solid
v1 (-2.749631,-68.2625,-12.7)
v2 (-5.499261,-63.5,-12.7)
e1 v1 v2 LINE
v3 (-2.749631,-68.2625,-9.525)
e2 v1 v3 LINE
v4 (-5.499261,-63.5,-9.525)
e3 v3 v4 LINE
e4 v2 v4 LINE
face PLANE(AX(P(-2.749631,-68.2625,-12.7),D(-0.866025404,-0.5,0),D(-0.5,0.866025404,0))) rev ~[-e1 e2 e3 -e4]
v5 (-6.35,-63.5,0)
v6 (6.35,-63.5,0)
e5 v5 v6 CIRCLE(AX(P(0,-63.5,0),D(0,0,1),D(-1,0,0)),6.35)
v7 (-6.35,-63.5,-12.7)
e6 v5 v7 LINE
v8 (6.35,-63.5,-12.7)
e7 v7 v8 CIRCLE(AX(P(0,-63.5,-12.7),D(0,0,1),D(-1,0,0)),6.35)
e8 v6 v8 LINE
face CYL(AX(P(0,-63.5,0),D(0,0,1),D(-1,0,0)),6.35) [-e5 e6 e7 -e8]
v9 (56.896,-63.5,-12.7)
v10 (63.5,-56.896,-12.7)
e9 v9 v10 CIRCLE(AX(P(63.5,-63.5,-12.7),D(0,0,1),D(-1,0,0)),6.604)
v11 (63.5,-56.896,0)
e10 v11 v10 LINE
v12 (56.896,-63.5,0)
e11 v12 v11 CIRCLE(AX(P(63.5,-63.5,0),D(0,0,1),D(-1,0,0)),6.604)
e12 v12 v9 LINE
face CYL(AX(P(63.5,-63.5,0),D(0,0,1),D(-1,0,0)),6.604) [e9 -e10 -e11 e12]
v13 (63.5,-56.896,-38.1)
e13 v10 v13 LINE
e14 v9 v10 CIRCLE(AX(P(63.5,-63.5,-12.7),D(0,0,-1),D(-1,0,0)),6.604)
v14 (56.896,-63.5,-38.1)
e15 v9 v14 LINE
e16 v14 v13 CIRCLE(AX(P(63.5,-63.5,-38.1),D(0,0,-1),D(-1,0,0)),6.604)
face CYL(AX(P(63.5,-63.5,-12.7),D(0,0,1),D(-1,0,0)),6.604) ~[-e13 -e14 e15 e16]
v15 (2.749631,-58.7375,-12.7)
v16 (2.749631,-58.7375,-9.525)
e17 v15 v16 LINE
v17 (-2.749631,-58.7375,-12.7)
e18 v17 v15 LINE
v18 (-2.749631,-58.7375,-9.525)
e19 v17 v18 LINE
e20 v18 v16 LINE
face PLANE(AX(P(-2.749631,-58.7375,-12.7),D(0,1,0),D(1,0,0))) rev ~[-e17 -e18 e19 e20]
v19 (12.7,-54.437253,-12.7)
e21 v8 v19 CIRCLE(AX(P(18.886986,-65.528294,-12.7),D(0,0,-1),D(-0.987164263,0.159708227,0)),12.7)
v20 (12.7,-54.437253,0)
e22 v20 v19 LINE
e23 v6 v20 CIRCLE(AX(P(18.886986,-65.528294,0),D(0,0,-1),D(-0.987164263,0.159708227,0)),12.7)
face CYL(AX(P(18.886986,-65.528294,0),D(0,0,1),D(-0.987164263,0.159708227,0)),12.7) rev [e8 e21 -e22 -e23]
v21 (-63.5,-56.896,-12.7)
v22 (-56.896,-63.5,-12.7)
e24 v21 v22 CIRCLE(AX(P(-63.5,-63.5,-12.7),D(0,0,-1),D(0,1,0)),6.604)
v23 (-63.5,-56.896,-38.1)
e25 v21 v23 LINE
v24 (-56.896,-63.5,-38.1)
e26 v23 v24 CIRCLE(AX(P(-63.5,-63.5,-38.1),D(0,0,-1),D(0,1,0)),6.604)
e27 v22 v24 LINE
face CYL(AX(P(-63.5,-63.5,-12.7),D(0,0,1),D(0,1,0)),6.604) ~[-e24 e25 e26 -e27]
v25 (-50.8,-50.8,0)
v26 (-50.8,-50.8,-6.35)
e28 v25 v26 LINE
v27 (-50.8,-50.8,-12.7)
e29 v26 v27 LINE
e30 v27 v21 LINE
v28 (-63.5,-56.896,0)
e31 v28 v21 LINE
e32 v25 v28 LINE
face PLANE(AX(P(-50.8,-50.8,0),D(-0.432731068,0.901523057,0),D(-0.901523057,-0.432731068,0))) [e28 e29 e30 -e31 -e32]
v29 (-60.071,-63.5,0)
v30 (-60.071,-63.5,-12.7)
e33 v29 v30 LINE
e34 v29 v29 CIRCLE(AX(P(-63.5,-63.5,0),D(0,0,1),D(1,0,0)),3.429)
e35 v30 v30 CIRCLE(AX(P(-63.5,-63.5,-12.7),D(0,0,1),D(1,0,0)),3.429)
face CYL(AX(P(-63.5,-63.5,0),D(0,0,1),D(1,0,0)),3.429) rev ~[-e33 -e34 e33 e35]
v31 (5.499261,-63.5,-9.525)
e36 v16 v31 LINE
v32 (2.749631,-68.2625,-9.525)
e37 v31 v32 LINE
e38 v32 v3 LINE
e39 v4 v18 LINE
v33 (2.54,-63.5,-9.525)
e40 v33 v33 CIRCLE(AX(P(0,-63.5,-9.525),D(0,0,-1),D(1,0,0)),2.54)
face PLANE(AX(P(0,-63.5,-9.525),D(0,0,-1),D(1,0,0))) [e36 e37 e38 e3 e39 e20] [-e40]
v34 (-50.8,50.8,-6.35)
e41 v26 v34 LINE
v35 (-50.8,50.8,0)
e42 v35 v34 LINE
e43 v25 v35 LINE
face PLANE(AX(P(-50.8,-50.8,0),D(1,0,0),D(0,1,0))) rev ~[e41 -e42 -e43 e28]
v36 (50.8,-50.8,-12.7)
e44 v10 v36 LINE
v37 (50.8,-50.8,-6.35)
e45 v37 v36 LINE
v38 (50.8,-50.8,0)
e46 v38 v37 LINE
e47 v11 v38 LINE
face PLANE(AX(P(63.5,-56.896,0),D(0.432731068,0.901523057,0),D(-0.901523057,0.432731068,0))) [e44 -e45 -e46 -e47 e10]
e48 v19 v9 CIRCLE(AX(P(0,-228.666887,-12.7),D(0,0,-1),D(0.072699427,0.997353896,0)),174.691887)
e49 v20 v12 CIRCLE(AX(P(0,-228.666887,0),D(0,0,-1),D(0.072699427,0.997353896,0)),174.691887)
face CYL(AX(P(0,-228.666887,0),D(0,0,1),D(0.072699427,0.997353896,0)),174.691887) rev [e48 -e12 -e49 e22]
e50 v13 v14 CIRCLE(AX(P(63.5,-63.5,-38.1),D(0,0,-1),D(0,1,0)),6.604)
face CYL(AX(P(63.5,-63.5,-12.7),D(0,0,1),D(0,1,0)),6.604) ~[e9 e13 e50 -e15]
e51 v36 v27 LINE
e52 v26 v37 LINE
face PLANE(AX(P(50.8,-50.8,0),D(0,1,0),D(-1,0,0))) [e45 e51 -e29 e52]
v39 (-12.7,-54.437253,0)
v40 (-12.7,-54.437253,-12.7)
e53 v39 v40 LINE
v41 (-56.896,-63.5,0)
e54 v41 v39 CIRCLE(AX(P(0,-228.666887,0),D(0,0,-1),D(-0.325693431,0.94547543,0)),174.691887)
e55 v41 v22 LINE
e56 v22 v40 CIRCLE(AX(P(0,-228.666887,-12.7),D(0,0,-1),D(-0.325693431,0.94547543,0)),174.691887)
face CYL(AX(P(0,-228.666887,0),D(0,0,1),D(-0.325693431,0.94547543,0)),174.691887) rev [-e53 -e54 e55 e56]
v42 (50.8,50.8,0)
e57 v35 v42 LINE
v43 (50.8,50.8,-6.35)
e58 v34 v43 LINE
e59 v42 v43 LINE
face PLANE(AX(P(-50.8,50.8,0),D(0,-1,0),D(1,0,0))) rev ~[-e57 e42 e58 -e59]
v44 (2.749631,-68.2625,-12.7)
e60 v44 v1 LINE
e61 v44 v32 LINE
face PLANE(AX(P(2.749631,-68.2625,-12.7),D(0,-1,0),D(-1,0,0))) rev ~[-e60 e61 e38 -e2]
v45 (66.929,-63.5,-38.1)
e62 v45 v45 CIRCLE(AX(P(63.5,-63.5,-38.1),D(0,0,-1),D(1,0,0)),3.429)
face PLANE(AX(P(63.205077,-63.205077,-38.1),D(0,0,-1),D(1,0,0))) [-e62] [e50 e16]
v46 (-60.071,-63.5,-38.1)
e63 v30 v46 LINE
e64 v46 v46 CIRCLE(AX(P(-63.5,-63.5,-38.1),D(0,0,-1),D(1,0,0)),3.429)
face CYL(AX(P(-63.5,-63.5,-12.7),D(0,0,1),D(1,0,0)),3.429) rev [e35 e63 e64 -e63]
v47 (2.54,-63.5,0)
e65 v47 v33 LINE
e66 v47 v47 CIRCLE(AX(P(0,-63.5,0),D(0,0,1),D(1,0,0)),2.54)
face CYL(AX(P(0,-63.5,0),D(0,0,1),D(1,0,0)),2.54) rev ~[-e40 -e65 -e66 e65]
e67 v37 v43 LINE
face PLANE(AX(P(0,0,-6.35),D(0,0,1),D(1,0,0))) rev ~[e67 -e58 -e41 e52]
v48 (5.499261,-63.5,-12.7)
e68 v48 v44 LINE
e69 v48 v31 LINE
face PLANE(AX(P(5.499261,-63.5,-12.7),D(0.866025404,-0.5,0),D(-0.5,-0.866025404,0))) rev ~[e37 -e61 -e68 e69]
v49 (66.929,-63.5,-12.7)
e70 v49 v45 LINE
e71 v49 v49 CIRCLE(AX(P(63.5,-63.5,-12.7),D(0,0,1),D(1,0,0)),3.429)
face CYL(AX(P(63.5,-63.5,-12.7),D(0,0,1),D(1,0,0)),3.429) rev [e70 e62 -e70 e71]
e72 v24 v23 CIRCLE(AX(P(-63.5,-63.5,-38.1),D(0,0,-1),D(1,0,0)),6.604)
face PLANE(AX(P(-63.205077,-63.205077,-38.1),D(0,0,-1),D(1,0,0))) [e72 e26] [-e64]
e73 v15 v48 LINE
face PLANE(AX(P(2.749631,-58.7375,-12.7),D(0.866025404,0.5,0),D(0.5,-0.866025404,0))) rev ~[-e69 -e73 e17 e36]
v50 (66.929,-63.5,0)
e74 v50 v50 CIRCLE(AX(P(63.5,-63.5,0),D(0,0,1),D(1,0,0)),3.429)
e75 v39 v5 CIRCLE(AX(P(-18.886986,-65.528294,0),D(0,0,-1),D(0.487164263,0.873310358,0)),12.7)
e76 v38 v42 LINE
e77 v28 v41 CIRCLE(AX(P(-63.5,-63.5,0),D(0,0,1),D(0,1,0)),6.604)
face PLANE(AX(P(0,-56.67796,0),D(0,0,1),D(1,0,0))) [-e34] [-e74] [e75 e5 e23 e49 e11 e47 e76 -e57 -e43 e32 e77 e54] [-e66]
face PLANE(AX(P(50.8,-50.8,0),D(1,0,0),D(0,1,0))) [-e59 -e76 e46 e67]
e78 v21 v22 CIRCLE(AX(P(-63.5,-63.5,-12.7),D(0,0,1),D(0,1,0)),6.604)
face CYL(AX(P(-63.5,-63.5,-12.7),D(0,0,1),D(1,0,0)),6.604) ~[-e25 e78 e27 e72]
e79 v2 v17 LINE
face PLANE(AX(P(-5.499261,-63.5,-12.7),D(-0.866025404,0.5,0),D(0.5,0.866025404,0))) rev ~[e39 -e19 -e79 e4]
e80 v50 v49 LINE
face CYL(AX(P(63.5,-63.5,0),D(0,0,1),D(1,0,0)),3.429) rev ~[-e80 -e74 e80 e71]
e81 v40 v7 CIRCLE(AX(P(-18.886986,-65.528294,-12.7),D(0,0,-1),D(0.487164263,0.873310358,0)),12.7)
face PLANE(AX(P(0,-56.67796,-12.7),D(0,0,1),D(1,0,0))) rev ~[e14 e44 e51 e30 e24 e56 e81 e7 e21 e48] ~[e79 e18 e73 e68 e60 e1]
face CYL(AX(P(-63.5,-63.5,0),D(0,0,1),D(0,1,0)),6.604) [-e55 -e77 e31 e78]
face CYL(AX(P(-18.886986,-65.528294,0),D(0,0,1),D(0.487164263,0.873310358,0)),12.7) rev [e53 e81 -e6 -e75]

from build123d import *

# Parameters (mm, degrees)
F0_W     = 101.6
F0_H     = 101.6
F1_DEPTH = 6.35
F2_R     = 3.429
F2_R_2   = 2.54
F3_DEPTH = 12.7
F4_R     = 3.429
F5_DEPTH = 25.4
F6_R     = 2.54
F7_DEPTH = 3.175


with BuildPart() as f1:
    # F0 (on Top) → F1 (new body)
    with BuildSketch(Plane.XY):
        Rectangle(F0_W, F0_H)
    extrude(amount=-F1_DEPTH)

    # F2 (on face) → F3 (join)
    with BuildSketch(Plane.XY):
        with BuildLine():
            Line((-50.8, -50.8), (-63.5, -56.896))
            ThreePointArc((-63.5, -56.896), (-68.169733183, -68.169733183), (-56.896, -63.5))
            ThreePointArc((-56.896, -63.5), (-35.0917960505, -57.5358809514), (-12.7, -54.4372529439))
            ThreePointArc((-12.7, -54.4372529439), (-8.4860183708, -58.2406426383), (-6.35, -63.5))
            ThreePointArc((-6.35, -63.5), (0, -57.15), (6.35, -63.5))
            ThreePointArc((6.35, -63.5), (8.4860183708, -58.2406426383), (12.7, -54.4372529439))
            ThreePointArc((12.7, -54.4372529439), (35.0917960505, -57.5358809514), (56.896, -63.5))
            ThreePointArc((56.896, -63.5), (68.169733183, -68.169733183), (63.5, -56.896))
            Line((63.5, -56.896), (50.8, -50.8))
            Line((50.8, -50.8), (-50.8, -50.8))
        make_face()
        with Locations((-63.5, -63.5)):
            Circle(F2_R, mode=Mode.SUBTRACT)
        with Locations((63.5, -63.5)):
            Circle(F2_R, mode=Mode.SUBTRACT)
        with BuildLine():
            ThreePointArc((6.35, -63.5), (0, -57.15), (-6.35, -63.5))
            ThreePointArc((-6.35, -63.5), (0, -69.85), (6.35, -63.5))
        make_face()
        with Locations((0, -63.5)):
            Circle(F2_R_2, mode=Mode.SUBTRACT)
    extrude(amount=-F3_DEPTH)

    # F4 (on face) → F5 (join)
    with BuildSketch(Plane(origin=(0, 0, -12.7), x_dir=(1, 0, 0), z_dir=(0, 0, -1))):
        with BuildLine():
            ThreePointArc((-56.896, 63.5), (-68.169733183, 68.169733183), (-63.5, 56.896))
            ThreePointArc((-63.5, 56.896), (-58.830266817, 58.830266817), (-56.896, 63.5))
        make_face()
        with Locations((-63.5, 63.5)):
            Circle(F4_R, mode=Mode.SUBTRACT)
        with BuildLine():
            ThreePointArc((56.896, 63.5), (58.830266817, 58.830266817), (63.5, 56.896))
            ThreePointArc((63.5, 56.896), (68.169733183, 68.169733183), (56.896, 63.5))
        make_face()
        with Locations((63.5, 63.5)):
            Circle(F4_R, mode=Mode.SUBTRACT)
    extrude(amount=F5_DEPTH)

    # F6 (on face) → F7 (cut)
    with BuildSketch(Plane(origin=(0, 0, -12.7), x_dir=(1, 0, 0), z_dir=(0, 0, -1))):
        Polygon((2.749630657, 68.2625), (-2.749630657, 68.2625), (-5.499261314, 63.5), (-2.749630657, 58.7375), (2.749630657, 58.7375), (5.499261314, 63.5), align=None)
        with Locations((0, 63.5)):
            Circle(F6_R, mode=Mode.SUBTRACT)
    extrude(amount=-F7_DEPTH, mode=Mode.SUBTRACT)


solid = f1.part
